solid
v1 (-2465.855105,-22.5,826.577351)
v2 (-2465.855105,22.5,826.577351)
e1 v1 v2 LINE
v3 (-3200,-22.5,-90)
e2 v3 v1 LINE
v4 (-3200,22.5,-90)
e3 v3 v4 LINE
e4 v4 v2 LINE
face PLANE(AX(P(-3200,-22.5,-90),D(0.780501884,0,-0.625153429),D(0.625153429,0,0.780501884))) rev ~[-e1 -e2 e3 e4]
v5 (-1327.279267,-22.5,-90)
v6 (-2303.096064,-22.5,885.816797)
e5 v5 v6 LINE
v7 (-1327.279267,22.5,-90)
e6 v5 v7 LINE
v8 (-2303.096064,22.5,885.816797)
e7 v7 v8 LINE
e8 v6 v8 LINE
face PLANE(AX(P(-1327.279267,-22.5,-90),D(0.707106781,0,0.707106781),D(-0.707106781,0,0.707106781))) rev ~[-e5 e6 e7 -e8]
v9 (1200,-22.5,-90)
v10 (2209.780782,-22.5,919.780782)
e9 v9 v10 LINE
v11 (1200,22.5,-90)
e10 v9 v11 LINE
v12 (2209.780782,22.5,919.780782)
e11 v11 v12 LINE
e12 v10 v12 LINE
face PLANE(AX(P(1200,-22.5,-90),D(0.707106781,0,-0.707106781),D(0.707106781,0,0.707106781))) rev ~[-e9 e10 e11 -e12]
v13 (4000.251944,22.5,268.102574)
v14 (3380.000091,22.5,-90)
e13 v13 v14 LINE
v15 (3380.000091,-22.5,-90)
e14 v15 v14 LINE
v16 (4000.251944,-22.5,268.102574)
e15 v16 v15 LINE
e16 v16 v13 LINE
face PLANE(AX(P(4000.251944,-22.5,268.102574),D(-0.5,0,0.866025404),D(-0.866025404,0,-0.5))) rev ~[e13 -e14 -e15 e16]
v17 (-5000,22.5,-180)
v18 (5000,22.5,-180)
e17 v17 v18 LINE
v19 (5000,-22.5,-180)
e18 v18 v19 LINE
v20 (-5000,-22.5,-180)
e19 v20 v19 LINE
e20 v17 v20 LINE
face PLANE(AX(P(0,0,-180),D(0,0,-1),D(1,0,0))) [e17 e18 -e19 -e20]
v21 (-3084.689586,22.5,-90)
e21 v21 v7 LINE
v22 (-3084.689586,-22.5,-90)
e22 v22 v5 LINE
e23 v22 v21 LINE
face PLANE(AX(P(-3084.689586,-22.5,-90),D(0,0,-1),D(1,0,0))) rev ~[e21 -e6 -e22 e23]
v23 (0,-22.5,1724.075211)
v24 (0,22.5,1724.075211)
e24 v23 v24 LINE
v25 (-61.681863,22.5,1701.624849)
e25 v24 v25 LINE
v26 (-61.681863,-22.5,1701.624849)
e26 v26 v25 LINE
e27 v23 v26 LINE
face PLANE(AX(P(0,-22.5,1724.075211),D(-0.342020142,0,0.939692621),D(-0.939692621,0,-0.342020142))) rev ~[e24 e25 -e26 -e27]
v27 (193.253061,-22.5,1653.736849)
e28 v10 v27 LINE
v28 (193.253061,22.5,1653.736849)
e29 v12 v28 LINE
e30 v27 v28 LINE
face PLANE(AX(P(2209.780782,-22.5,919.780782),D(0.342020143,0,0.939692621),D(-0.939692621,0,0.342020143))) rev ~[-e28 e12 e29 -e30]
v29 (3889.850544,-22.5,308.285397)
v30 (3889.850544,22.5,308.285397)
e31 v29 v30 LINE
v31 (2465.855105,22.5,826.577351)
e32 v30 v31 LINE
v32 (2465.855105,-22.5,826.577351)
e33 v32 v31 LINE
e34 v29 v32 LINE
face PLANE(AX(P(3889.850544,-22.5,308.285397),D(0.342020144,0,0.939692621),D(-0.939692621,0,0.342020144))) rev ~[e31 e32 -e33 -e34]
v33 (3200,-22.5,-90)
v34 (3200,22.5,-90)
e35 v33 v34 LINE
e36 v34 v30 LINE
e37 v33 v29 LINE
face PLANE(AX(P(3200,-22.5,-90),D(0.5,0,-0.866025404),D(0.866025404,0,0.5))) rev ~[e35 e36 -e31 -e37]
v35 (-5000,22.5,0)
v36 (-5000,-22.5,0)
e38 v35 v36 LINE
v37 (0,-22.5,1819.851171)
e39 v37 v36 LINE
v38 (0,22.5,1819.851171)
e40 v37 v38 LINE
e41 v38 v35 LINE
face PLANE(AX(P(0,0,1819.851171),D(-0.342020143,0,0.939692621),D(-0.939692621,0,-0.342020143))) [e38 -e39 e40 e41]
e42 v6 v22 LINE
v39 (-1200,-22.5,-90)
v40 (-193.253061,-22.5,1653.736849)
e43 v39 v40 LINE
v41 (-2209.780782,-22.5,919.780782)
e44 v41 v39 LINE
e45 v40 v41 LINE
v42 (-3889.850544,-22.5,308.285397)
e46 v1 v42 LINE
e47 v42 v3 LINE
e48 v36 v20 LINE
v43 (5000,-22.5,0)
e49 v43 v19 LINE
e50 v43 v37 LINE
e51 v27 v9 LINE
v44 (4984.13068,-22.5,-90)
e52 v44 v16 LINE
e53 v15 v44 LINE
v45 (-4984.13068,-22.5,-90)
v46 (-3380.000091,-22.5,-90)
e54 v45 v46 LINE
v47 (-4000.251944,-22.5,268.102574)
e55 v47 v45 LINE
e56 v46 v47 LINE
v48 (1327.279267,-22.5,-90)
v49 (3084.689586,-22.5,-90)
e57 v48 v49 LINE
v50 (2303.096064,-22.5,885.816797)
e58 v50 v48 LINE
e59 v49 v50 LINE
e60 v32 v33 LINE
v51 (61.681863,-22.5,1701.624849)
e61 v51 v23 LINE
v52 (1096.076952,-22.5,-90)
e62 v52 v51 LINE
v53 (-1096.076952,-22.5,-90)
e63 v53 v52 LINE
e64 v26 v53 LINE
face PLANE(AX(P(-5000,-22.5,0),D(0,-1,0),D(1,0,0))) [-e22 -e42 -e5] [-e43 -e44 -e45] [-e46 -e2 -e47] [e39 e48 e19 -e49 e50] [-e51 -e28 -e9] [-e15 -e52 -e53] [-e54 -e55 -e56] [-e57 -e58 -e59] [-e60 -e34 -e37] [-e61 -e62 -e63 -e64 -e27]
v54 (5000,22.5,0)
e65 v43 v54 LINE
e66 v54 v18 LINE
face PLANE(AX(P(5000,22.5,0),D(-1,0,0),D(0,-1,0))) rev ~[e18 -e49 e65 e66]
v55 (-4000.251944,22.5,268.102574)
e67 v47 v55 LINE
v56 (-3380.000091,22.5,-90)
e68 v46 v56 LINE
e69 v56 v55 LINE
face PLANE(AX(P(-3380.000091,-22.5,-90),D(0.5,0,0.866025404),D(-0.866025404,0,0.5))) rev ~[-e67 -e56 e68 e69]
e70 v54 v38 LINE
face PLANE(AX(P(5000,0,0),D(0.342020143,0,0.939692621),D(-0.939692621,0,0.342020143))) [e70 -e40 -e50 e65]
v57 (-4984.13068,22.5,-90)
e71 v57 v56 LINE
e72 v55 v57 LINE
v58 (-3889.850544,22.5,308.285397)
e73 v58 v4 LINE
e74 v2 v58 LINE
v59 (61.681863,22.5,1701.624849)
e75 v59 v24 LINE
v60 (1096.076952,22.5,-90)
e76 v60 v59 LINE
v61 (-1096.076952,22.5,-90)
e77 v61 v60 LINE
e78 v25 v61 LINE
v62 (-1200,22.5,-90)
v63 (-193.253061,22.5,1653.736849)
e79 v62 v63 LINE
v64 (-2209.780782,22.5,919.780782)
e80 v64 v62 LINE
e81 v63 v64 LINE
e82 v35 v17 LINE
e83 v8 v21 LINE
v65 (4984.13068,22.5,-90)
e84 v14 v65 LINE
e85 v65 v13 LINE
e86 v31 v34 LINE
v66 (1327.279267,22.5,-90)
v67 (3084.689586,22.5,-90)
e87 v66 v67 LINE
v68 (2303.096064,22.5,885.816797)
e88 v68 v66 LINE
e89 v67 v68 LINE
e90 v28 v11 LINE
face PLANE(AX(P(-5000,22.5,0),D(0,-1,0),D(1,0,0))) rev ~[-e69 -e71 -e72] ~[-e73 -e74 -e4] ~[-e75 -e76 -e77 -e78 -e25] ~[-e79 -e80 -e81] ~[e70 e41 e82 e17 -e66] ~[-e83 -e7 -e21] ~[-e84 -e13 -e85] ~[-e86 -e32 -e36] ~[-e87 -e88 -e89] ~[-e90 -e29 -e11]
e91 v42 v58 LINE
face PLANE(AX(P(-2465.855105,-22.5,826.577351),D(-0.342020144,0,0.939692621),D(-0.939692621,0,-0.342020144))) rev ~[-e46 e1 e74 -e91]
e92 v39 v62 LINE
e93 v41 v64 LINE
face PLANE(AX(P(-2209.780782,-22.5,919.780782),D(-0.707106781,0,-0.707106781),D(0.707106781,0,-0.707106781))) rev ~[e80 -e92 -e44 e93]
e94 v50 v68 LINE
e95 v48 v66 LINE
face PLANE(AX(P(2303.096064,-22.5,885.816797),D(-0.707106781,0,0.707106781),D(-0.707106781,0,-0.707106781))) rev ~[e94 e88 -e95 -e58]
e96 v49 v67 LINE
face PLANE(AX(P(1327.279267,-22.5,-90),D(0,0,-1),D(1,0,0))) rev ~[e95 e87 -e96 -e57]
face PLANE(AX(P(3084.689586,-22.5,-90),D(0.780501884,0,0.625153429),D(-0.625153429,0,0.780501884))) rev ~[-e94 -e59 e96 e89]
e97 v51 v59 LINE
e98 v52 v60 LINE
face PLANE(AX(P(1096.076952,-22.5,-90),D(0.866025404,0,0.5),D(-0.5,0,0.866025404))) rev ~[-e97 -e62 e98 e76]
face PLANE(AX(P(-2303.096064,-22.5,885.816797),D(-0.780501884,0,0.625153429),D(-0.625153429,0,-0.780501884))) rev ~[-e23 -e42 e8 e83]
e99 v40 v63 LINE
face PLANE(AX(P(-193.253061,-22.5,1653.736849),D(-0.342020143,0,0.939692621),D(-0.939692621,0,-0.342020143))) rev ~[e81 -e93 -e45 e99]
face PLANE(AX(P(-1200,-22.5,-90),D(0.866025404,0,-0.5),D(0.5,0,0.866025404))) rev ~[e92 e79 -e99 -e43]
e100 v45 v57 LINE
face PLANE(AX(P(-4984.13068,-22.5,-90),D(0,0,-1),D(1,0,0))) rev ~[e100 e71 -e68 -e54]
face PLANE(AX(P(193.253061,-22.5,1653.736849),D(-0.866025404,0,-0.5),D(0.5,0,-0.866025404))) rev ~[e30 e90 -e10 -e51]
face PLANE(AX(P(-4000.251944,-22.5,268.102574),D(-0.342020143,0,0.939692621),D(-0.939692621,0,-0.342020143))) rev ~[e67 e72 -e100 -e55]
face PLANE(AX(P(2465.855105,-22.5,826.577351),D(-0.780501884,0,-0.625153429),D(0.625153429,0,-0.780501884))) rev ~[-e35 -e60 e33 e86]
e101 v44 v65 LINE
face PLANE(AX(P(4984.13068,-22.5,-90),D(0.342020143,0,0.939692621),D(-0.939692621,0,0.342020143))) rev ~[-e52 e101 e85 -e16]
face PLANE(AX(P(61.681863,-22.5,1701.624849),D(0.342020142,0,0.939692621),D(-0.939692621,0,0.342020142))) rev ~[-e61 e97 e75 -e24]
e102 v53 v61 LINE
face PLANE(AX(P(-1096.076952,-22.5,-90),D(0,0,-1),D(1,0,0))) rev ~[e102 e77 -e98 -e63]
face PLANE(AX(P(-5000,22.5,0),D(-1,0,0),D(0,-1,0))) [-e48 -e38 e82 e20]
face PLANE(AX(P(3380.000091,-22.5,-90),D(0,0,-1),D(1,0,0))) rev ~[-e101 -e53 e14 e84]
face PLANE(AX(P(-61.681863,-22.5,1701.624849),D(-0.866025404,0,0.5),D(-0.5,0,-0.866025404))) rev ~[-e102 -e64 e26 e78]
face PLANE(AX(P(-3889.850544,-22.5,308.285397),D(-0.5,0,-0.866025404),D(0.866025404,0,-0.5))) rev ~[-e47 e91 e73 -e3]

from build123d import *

# Parameters (mm, degrees)
F1_DEPTH  = 22.5
F1_FACE_W = 10000
F1_FACE_H = 45
F2_DEPTH  = 180
F4_DEPTH  = 45.001


with BuildPart() as f1:
    # F0 (on Front) → F1 (new body, symmetric)
    with BuildSketch(Plane.XZ):
        Polygon((0, 1819.851171), (-5000, 0), (5000, 0), align=None)
    extrude(amount=F1_DEPTH, both=True)

    # F1_face (on face) → F2 (join)
    with BuildSketch(Plane(origin=(0, 0, 0), x_dir=(1, 0, 0), z_dir=(0, 0, -1))):
        Rectangle(F1_FACE_W, F1_FACE_H)
    extrude(amount=F2_DEPTH)

    # F3 (on face) → F4 (cut, through all)
    with BuildSketch(Plane.XZ.offset(22.5)):
        Polygon((-4000.251944, 268.102574), (-4984.13068, -90), (-3380.000091, -90), align=None)
        Polygon((-1200, -90), (-193.253061, 1653.736849), (-2209.780782, 919.780782), align=None)
        Polygon((0, 1724.075211), (-61.681863, 1701.624849), (-1096.076952, -90), (1096.076952, -90), (61.681863, 1701.624849), align=None)
        Polygon((-3084.689586, -90), (-1327.279267, -90), (-2303.096064, 885.816797), align=None)
        Polygon((3200, -90), (3889.850544, 308.285397), (2465.855105, 826.577351), align=None)
        Polygon((1200, -90), (2209.780782, 919.780782), (193.253061, 1653.736849), align=None)
        Polygon((2303.096064, 885.816797), (1327.279267, -90), (3084.689586, -90), align=None)
        Polygon((3380.000091, -90), (4984.13068, -90), (4000.251944, 268.102574), align=None)
        Polygon((-3889.850544, 308.285397), (-3200, -90), (-2465.855105, 826.577351), align=None)
    extrude(amount=-F4_DEPTH, mode=Mode.SUBTRACT)


solid = f1.part
